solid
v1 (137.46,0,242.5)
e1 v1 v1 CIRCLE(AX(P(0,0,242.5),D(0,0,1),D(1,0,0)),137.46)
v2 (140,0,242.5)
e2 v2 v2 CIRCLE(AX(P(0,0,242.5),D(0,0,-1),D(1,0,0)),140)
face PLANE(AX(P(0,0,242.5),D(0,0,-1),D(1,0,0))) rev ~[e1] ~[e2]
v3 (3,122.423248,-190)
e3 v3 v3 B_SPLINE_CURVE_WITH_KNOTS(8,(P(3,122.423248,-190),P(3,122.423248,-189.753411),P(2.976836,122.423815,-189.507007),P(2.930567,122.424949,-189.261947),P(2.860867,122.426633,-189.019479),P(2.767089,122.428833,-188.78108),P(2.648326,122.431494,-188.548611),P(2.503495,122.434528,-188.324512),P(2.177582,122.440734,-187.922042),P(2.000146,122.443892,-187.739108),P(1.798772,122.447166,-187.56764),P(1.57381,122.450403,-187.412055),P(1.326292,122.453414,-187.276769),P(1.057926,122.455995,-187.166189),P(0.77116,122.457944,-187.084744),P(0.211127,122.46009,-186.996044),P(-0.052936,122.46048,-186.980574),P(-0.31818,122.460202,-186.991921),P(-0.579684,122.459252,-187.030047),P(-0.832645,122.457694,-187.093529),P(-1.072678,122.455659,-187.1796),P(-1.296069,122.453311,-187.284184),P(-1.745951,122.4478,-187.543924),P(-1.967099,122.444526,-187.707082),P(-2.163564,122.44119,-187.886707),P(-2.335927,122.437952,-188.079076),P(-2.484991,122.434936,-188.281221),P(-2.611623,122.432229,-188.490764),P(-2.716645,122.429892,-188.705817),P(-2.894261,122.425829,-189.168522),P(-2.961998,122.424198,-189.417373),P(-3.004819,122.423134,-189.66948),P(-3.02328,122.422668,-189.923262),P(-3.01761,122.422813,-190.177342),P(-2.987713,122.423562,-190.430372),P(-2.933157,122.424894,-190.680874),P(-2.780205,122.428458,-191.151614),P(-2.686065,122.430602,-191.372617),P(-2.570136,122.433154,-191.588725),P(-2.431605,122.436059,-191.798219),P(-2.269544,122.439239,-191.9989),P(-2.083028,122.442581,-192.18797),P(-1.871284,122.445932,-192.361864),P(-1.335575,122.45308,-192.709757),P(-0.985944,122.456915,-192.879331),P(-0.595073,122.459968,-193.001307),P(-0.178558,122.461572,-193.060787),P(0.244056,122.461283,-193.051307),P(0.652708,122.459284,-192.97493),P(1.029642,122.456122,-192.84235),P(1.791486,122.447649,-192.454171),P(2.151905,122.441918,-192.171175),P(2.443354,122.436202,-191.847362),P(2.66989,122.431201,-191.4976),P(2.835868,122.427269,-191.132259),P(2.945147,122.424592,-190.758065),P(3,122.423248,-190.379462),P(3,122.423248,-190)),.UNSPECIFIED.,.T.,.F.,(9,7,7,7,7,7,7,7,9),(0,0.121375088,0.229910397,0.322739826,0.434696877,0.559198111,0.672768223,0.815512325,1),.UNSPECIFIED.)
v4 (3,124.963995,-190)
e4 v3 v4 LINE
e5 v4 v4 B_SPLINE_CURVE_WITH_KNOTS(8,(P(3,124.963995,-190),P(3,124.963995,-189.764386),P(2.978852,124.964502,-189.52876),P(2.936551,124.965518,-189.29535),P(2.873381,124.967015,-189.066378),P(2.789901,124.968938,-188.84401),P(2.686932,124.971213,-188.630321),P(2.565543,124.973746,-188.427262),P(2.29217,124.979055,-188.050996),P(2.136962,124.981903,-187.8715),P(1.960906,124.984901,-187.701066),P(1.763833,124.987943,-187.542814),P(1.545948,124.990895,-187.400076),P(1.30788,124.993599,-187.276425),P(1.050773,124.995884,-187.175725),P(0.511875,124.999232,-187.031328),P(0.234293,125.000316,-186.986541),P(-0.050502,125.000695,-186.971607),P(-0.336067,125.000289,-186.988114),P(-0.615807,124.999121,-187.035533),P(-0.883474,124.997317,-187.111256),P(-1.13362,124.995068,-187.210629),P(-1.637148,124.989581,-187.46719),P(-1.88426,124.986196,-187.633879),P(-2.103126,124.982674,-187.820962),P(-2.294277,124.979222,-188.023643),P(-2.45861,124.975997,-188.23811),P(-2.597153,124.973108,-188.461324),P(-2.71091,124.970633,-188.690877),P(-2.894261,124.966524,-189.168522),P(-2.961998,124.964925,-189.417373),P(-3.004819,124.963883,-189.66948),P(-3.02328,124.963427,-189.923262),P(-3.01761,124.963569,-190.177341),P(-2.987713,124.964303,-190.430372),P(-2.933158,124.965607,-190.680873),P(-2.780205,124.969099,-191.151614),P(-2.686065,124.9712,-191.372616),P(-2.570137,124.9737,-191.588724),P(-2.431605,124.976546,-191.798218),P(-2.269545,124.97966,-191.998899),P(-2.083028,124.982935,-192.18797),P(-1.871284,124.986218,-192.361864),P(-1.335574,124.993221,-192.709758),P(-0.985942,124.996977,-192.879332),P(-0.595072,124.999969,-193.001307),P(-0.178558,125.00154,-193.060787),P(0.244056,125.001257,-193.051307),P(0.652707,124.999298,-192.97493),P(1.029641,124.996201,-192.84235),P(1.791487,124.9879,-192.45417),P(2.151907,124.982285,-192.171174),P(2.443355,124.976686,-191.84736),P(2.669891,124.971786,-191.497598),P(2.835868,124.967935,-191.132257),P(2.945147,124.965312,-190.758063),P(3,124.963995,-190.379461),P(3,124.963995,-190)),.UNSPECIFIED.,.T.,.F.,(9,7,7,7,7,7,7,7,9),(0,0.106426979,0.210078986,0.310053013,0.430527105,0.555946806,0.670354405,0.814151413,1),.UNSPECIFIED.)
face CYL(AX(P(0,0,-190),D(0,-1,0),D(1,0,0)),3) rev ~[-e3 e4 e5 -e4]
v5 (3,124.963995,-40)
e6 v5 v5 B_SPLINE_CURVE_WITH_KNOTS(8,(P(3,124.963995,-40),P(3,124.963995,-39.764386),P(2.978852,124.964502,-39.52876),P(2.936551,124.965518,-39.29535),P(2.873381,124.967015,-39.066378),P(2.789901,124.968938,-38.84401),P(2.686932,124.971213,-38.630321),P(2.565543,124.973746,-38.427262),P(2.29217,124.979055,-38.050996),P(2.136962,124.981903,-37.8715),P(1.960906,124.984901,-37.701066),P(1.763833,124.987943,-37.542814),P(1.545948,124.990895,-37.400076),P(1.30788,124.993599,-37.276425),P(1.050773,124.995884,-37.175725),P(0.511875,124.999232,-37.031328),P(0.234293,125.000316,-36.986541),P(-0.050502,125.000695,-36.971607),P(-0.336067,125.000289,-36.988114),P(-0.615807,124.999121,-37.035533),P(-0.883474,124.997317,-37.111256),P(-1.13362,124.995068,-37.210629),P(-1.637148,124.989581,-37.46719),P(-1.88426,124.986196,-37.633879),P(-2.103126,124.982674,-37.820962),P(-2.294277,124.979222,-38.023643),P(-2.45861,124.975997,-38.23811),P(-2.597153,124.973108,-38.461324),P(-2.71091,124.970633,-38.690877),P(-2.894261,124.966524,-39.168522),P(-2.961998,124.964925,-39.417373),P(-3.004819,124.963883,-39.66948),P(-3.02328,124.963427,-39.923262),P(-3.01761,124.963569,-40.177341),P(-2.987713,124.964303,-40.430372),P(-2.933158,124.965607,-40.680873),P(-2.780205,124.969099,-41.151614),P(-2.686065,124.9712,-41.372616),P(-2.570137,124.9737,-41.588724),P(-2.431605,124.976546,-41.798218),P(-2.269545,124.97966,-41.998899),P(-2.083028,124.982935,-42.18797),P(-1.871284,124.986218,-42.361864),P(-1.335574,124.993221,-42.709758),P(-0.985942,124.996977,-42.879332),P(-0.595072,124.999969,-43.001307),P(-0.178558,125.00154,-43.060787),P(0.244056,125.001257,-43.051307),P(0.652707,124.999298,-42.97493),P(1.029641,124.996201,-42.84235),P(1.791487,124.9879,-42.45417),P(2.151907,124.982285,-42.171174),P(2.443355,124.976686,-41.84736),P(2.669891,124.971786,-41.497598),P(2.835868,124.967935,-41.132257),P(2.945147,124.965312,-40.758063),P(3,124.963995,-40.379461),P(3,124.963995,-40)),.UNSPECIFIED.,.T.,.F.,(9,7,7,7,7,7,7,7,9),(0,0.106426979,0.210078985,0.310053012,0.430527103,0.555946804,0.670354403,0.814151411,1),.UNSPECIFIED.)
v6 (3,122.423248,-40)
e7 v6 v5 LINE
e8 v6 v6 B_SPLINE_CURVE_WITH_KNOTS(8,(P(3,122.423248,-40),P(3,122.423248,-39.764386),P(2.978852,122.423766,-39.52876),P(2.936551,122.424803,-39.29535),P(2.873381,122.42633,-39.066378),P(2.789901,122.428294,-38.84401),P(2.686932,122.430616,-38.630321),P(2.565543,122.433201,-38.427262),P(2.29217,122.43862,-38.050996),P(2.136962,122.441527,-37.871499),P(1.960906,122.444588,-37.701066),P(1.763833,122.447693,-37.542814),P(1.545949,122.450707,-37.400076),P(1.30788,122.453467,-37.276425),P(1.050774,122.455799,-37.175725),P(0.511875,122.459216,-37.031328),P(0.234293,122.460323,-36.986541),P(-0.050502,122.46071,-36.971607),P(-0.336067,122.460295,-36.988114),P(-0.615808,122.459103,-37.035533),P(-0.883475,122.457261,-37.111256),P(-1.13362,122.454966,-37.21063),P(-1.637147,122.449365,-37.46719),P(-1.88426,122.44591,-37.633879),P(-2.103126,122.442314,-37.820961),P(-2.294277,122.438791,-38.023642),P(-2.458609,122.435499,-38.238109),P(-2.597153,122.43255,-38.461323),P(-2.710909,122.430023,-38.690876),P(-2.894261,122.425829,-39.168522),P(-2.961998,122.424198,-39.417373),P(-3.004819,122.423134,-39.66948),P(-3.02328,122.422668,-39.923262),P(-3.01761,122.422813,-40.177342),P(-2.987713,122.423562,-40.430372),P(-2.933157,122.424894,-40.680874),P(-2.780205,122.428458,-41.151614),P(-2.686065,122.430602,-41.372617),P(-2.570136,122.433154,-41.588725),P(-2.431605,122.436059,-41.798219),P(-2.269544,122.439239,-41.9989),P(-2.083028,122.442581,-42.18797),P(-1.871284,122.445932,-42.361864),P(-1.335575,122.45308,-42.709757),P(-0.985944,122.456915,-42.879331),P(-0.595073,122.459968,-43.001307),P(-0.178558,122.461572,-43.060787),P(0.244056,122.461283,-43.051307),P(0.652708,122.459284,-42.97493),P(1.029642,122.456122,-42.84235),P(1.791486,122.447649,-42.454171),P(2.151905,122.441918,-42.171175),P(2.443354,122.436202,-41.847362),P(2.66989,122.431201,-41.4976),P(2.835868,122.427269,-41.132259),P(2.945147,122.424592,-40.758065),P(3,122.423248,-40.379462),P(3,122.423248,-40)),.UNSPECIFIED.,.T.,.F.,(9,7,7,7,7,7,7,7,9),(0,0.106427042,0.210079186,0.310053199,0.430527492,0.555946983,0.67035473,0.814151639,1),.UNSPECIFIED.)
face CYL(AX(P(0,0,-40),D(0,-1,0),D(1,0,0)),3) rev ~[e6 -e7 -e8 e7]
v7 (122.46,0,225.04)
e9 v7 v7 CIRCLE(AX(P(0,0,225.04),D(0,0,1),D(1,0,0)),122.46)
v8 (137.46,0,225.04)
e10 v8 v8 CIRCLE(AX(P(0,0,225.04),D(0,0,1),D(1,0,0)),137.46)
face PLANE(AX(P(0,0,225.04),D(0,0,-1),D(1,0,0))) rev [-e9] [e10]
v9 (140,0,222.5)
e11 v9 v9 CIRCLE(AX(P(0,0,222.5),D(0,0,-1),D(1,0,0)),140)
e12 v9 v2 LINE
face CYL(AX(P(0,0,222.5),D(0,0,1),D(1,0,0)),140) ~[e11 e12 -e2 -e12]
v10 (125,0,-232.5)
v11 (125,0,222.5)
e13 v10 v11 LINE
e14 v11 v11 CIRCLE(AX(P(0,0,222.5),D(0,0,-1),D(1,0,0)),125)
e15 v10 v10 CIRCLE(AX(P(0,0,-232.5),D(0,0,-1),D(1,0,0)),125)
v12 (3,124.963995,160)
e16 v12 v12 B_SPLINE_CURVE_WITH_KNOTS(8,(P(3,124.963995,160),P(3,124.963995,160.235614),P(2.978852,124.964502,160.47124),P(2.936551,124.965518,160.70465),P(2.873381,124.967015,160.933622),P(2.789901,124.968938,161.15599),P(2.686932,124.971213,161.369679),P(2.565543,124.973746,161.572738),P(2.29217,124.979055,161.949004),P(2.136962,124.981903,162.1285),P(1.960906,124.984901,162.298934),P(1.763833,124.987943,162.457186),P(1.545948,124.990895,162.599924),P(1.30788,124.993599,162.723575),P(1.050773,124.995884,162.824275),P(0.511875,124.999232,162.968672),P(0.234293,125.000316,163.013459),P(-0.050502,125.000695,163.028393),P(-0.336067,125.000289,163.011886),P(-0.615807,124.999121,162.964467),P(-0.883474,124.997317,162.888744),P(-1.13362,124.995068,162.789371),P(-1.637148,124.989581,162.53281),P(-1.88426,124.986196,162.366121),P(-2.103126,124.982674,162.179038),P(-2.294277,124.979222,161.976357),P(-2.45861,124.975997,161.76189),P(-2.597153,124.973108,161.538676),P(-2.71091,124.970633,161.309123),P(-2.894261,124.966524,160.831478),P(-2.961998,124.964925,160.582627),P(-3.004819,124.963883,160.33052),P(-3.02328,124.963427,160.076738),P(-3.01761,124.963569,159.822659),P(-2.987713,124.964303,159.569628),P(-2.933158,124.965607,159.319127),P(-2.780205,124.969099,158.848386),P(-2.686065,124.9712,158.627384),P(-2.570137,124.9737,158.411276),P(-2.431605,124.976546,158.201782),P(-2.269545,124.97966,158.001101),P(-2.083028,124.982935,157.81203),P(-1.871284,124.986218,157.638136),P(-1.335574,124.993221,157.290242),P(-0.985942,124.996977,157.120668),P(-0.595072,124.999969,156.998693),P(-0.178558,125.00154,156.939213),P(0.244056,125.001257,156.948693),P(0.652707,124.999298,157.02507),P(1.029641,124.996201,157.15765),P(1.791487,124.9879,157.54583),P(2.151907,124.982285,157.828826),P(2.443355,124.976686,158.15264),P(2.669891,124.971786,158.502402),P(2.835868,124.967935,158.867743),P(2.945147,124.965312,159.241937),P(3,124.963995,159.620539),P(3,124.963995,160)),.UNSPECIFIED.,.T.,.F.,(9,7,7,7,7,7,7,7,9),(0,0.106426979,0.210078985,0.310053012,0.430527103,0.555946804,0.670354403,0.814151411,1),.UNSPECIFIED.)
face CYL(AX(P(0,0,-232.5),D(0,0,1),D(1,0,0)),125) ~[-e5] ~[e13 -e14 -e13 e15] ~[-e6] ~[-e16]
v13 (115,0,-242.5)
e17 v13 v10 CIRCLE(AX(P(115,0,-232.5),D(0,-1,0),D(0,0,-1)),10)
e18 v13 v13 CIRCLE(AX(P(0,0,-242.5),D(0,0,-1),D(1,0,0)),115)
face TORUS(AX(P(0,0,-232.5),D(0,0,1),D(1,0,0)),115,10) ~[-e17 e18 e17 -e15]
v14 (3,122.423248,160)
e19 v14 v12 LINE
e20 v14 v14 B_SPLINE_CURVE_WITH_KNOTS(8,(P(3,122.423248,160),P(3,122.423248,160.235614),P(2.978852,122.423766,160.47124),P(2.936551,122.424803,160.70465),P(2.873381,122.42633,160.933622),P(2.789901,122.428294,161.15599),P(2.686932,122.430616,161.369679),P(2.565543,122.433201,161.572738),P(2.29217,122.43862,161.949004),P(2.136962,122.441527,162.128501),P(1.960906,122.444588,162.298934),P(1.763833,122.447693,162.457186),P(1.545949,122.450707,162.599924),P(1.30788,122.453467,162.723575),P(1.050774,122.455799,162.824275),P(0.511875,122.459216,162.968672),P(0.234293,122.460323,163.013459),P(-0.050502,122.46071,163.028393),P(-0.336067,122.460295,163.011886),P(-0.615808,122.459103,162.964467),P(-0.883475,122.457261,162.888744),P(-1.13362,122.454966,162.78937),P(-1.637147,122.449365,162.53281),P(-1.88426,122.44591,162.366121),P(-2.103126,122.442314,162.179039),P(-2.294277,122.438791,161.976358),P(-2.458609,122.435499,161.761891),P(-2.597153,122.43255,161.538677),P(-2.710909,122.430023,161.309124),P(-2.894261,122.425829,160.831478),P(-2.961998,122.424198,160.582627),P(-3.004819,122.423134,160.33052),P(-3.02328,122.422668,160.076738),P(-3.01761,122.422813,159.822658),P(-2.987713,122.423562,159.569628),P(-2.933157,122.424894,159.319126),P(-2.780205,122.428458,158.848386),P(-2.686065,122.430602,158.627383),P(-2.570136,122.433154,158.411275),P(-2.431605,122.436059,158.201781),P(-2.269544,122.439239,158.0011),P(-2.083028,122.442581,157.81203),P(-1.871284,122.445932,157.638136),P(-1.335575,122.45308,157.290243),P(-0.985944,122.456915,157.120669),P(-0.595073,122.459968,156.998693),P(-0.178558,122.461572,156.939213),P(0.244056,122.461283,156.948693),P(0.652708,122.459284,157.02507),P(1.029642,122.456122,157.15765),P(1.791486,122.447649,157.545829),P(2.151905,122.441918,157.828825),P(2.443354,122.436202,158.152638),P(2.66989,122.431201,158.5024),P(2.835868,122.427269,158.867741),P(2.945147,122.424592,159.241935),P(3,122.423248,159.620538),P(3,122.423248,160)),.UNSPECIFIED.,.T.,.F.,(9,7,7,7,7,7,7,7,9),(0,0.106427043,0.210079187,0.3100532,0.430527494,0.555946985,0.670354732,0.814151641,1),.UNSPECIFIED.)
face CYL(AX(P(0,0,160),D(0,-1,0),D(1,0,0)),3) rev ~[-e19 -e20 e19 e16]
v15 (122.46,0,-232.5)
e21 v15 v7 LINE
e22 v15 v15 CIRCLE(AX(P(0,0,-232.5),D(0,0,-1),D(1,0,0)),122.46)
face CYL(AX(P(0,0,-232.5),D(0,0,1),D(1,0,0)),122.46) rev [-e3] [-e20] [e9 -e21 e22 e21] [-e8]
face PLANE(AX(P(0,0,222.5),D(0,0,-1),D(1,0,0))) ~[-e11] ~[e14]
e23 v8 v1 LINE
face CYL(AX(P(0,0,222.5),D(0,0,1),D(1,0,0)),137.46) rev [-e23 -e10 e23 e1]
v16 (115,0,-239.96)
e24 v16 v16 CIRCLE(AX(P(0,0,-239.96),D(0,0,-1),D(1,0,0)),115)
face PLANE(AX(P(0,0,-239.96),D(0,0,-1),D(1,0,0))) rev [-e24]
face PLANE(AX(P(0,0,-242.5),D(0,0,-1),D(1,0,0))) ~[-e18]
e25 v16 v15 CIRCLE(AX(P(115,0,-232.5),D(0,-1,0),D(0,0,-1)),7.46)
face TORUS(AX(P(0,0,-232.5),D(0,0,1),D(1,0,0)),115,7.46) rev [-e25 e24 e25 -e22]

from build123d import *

# Parameters (mm, degrees)
F2_T     = -2.54
F3_R     = 3
F4_DEPTH = 140.001


with BuildPart() as f1:
    # F0 (on Front) → F1 (revolve)
    with BuildSketch(Plane.XZ):
        with BuildLine():
            Line((0, 242.5), (0, -242.5))
            Line((0, -242.5), (115, -242.5))
            ThreePointArc((115, -242.5), (122.0710678119, -239.5710678119), (125, -232.5))
            Line((125, -232.5), (125, 222.5))
            Line((125, 222.5), (140, 222.5))
            Line((140, 222.5), (140, 242.5))
            Line((140, 242.5), (0, 242.5))
        make_face()
    revolve(axis=Axis((0, 0, 0), (0, 0, -1)))

    # F2
    f2_openings = [f1.faces().sort_by_distance(p)[0] for p in [
        (0, 0, 242.5),
    ]]
    offset(amount=F2_T, openings=f2_openings, kind=Kind.INTERSECTION)

    # F3 (on Front) → F4 (cut, through all)
    with BuildSketch(Plane.XZ):
        with Locations((0, 160)):
            Circle(F3_R)
        with Locations((0, -40)):
            Circle(F3_R)
        with Locations((0, -190)):
            Circle(F3_R)
    extrude(amount=-F4_DEPTH, mode=Mode.SUBTRACT)


solid = f1.part
